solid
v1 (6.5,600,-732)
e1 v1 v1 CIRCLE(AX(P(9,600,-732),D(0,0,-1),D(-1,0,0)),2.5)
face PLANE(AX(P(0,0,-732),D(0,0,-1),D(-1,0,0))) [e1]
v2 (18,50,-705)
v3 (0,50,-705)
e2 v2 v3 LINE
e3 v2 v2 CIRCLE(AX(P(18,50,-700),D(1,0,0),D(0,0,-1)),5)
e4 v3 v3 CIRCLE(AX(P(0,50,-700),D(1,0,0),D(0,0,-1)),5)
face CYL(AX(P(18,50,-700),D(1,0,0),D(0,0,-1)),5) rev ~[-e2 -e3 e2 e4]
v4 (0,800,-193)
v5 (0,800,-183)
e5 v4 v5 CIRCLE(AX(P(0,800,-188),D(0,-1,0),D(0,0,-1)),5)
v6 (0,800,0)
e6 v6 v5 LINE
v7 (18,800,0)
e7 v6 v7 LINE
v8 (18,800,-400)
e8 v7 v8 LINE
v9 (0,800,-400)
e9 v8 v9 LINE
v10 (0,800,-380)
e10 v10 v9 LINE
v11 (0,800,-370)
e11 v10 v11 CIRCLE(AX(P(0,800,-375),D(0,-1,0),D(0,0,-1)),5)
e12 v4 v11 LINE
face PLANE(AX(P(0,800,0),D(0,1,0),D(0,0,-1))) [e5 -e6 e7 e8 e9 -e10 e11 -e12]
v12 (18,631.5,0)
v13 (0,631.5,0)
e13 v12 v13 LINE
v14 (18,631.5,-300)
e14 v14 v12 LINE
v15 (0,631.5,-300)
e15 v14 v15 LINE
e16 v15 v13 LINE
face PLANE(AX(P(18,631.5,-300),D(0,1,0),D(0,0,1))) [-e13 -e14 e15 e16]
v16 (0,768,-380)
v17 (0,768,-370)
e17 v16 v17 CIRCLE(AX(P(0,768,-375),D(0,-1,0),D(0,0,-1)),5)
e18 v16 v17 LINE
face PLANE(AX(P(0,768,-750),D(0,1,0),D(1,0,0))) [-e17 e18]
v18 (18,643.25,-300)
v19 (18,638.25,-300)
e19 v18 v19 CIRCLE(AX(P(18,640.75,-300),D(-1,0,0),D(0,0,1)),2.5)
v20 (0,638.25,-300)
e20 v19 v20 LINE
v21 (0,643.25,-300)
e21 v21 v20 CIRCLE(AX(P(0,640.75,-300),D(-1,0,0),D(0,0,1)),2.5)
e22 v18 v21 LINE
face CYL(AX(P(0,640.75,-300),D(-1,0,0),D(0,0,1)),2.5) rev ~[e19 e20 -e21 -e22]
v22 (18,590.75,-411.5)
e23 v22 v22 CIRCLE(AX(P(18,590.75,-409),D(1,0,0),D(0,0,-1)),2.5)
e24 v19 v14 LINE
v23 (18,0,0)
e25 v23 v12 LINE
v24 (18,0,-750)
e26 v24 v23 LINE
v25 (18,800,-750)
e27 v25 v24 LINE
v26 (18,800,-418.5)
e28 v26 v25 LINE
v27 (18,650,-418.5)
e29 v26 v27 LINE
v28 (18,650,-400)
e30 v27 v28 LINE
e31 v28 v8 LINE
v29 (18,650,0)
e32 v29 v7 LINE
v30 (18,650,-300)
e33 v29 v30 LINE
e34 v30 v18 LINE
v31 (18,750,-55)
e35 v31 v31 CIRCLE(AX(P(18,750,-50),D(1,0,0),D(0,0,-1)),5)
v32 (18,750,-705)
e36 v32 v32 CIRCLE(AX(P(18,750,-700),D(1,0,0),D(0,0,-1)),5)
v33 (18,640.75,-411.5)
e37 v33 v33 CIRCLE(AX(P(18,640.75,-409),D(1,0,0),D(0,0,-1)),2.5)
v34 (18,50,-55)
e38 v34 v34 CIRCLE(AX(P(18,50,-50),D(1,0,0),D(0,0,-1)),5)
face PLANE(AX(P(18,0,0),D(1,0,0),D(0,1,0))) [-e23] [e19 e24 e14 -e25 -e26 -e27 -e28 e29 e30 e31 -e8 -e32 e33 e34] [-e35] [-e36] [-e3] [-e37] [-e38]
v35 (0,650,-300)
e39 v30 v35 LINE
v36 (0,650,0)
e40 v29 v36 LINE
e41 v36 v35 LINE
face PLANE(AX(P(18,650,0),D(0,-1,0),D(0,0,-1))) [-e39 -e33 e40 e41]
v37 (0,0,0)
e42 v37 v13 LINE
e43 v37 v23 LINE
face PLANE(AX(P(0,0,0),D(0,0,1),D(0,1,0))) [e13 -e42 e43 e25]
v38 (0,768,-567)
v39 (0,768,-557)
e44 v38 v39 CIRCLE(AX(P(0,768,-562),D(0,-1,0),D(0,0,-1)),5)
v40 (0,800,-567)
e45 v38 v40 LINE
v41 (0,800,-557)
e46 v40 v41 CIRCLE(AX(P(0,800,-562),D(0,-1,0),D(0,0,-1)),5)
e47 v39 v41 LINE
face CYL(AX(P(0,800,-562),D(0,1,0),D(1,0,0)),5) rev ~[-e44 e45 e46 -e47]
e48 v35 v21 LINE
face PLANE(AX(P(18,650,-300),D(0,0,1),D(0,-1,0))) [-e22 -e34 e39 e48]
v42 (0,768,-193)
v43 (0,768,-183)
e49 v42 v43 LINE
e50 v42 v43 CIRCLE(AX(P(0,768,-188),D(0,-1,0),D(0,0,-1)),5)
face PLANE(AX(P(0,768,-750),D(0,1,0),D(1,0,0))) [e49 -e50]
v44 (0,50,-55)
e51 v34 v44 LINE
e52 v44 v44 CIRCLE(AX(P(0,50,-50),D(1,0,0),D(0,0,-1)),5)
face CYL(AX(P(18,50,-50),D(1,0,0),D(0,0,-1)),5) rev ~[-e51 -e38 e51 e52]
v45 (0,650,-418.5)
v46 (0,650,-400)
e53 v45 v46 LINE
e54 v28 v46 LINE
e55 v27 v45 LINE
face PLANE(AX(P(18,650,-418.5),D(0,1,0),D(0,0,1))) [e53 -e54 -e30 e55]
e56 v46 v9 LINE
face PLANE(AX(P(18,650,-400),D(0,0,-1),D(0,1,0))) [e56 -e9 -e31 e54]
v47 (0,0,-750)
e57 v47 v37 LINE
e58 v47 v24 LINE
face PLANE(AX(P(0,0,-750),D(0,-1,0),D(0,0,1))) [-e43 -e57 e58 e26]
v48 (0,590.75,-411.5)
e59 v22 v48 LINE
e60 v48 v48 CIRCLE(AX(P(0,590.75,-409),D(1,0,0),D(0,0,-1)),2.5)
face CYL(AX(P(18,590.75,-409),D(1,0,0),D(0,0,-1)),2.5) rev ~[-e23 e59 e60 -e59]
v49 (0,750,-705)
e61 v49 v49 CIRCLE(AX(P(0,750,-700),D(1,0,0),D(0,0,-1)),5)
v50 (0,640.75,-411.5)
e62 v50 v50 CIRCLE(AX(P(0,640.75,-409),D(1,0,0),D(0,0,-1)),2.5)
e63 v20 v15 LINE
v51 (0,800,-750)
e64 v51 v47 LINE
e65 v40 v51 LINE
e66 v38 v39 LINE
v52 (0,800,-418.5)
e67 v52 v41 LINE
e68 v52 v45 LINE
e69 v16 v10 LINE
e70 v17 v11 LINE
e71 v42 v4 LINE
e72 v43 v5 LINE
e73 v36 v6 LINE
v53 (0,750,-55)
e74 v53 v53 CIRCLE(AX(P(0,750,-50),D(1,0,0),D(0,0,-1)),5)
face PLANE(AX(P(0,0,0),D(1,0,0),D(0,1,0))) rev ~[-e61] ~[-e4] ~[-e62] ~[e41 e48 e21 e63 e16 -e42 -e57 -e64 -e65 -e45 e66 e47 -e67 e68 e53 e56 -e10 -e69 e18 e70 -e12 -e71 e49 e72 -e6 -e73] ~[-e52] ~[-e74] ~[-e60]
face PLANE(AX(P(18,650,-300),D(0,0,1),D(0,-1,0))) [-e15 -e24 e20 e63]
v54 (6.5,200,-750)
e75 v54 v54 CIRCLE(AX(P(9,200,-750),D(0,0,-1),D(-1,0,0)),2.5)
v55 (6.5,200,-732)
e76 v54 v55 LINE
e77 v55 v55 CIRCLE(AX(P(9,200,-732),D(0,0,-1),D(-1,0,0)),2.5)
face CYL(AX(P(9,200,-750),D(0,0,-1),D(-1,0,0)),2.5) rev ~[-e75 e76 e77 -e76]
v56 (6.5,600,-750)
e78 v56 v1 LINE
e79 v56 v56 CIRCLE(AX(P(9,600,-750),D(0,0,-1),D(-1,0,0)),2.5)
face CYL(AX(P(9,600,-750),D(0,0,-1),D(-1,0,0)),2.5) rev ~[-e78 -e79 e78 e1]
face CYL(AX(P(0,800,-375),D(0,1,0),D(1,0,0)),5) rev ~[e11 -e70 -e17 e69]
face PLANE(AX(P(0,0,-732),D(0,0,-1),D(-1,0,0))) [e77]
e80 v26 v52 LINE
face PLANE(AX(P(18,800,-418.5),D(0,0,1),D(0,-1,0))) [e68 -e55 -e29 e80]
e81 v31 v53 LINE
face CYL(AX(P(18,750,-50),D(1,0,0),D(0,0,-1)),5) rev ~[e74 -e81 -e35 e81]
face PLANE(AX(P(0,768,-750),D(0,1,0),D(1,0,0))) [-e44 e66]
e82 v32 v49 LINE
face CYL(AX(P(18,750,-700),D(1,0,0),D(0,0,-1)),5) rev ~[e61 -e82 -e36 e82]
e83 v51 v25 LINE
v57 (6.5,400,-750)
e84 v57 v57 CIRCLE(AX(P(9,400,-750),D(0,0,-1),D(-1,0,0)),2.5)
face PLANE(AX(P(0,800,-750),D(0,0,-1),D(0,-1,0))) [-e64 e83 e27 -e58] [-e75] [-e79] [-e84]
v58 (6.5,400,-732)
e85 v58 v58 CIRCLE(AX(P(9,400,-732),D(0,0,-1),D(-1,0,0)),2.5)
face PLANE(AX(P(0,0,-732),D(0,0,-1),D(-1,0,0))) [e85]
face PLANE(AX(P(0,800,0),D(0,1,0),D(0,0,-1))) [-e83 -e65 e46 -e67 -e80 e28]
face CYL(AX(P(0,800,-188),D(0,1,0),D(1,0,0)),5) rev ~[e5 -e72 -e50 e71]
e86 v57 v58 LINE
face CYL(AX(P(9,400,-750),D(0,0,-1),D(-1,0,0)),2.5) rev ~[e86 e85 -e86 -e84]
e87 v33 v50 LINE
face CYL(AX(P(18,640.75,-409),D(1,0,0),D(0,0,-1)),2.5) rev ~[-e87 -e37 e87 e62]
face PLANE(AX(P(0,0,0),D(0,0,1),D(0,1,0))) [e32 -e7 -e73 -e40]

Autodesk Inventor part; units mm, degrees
ref_plane "YZ Plane" through (0, 0, 0) normal (1, 0, 0) x (0, 1, 0)
ref_plane "XZ Plane" through (0, 0, 0) normal (0, 1, 0) x (-1, 0, 0)
ref_plane "XY Plane" through (0, 0, 0) normal (0, 0, 1) x (1, 0, 0)
sketch "Sketch1" plane through (0, 0, 0) normal (1, 0, 0) x (0, 1, 0)
  line L0 (0, 0) -> (800, 0)
  line L1 (800, 0) -> (800, -750)
  line L2 (800, -750) -> (0, -750)
  line L3 (0, -750) -> (0, 0)
  dimension "d0" = 800
  dimension "d1" = 750
extrude "Extrusion1" add sketch "Sketch1" along normal blind 18
sketch "Sketch2" plane through (18, 0, 0) normal (1, 0, 0) x (0, 0, -1)
  line L0 (0, 800) -> (0, 0) projected
  line L1 (750, 800) -> (0, 800) projected
  line L2 (400, 800) -> (418.5, 800)
  line L3 (418.5, 800) -> (418.5, 650)
  line L4 (418.5, 650) -> (400, 650)
  line L5 (400, 650) -> (400, 800)
  line L6 (0, 650) -> (300, 650)
  line L7 (300, 650) -> (300, 631.5)
  line L8 (300, 631.5) -> (0, 631.5)
  line L9 (0, 631.5) -> (0, 650)
  dimension "d4" = 400
  dimension "d5" = 18.5
  dimension "d6" = 150
  dimension "d7" = 300
  dimension "d8" = 18.5
extrude "Extrusion2" cut sketch "Sketch2" against normal blind 18
sketch "Sketch3" plane through (18, 0, 0) normal (1, 0, 0) x (0, 0, -1)
  circle A0 centre (50, 750) radius 5
  circle A1 centre (700, 750) radius 5
  circle A2 centre (700, 50) radius 5
  circle A3 centre (50, 50) radius 5
  point P0 (0, 0)
  point P1 (0, 800)
sketch "Sketch4" plane through (0, 800, -750) normal (0, 1, 0) x (1, 0, 0)
  circle A0 centre (0, -188) radius 5
  circle A1 centre (0, -375) radius 5
  circle A2 centre (0, -562) radius 5
  point P0 (0, -750)
  dimension "d25" = 10
  dimension "d26" = 10
  dimension "d27" = 10
extrude "Extrusion3" cut sketch "Sketch4" against normal blind 32
thread "Thread1" size "M10x1.5" class "6H" standard "ANSI Metric M Profile" full length
thread "Thread2" size "M10x1.5" class "6H" standard "ANSI Metric M Profile" full length
thread "Thread3" size "M10x1.5" class "6H" standard "ANSI Metric M Profile" full length
sketch "Sketch5" plane through (0, 0, -750) normal (0, 0, -1) x (-1, 0, 0)
  line L0 (0, 0) -> (-9, 0)
  line L1 (0, 0) -> (-18, 0) projected
  circle A0 centre (-9, 600) radius 2.5
  circle A1 centre (-9, 200) radius 2.5
  circle A2 centre (-9, 400) radius 2.5
  dimension "d41" = 9
  dimension "d48" = 5
  dimension "d49" = 5
  dimension "d50" = 5
extrude "Extrusion4" cut sketch "Sketch5" against normal blind 18
extrude "Extrusion5" cut sketch "Sketch3" against normal blind 18
sketch "Sketch6" plane through (0, 0, 0) normal (-1, 0, 0) x (0, 0, 1)
  circle A0 centre (-300, 640.75) radius 2.5
  point P0 (0, 0)
  point P1 (-300, 631.5)
  dimension "d56" = 5
extrude "Extrusion6" cut sketch "Sketch6" against normal blind 18
sketch "Sketch7" plane through (18, 0, 0) normal (1, 0, 0) x (0, 0, -1)
  point P0 (0, 0)
sketch "Sketch8" plane through (18, 0, 0) normal (1, 0, 0) x (0, 0, -1)
  arc A0 (300, 638.25) -> (300, 643.25) centre (300, 640.75) ccw projected
  line L0 (300, 640.75) -> (409, 640.75) construction
  circle A1 centre (409, 640.75) radius 2.5
  circle A2 centre (409, 590.75) radius 2.5
  point P0 (0, 0)
  dimension "d62" = 5
  dimension "d63" = 5
extrude "Extrusion7" cut sketch "Sketch8" against normal blind 59.2125
sketch "Sketch9" plane through (18, 0, 0) normal (1, 0, 0) x (0, 0, -1)
  point P0 (0, 0)
properties part number "wallL1" material "MDF Medium Density Fiberboard"
